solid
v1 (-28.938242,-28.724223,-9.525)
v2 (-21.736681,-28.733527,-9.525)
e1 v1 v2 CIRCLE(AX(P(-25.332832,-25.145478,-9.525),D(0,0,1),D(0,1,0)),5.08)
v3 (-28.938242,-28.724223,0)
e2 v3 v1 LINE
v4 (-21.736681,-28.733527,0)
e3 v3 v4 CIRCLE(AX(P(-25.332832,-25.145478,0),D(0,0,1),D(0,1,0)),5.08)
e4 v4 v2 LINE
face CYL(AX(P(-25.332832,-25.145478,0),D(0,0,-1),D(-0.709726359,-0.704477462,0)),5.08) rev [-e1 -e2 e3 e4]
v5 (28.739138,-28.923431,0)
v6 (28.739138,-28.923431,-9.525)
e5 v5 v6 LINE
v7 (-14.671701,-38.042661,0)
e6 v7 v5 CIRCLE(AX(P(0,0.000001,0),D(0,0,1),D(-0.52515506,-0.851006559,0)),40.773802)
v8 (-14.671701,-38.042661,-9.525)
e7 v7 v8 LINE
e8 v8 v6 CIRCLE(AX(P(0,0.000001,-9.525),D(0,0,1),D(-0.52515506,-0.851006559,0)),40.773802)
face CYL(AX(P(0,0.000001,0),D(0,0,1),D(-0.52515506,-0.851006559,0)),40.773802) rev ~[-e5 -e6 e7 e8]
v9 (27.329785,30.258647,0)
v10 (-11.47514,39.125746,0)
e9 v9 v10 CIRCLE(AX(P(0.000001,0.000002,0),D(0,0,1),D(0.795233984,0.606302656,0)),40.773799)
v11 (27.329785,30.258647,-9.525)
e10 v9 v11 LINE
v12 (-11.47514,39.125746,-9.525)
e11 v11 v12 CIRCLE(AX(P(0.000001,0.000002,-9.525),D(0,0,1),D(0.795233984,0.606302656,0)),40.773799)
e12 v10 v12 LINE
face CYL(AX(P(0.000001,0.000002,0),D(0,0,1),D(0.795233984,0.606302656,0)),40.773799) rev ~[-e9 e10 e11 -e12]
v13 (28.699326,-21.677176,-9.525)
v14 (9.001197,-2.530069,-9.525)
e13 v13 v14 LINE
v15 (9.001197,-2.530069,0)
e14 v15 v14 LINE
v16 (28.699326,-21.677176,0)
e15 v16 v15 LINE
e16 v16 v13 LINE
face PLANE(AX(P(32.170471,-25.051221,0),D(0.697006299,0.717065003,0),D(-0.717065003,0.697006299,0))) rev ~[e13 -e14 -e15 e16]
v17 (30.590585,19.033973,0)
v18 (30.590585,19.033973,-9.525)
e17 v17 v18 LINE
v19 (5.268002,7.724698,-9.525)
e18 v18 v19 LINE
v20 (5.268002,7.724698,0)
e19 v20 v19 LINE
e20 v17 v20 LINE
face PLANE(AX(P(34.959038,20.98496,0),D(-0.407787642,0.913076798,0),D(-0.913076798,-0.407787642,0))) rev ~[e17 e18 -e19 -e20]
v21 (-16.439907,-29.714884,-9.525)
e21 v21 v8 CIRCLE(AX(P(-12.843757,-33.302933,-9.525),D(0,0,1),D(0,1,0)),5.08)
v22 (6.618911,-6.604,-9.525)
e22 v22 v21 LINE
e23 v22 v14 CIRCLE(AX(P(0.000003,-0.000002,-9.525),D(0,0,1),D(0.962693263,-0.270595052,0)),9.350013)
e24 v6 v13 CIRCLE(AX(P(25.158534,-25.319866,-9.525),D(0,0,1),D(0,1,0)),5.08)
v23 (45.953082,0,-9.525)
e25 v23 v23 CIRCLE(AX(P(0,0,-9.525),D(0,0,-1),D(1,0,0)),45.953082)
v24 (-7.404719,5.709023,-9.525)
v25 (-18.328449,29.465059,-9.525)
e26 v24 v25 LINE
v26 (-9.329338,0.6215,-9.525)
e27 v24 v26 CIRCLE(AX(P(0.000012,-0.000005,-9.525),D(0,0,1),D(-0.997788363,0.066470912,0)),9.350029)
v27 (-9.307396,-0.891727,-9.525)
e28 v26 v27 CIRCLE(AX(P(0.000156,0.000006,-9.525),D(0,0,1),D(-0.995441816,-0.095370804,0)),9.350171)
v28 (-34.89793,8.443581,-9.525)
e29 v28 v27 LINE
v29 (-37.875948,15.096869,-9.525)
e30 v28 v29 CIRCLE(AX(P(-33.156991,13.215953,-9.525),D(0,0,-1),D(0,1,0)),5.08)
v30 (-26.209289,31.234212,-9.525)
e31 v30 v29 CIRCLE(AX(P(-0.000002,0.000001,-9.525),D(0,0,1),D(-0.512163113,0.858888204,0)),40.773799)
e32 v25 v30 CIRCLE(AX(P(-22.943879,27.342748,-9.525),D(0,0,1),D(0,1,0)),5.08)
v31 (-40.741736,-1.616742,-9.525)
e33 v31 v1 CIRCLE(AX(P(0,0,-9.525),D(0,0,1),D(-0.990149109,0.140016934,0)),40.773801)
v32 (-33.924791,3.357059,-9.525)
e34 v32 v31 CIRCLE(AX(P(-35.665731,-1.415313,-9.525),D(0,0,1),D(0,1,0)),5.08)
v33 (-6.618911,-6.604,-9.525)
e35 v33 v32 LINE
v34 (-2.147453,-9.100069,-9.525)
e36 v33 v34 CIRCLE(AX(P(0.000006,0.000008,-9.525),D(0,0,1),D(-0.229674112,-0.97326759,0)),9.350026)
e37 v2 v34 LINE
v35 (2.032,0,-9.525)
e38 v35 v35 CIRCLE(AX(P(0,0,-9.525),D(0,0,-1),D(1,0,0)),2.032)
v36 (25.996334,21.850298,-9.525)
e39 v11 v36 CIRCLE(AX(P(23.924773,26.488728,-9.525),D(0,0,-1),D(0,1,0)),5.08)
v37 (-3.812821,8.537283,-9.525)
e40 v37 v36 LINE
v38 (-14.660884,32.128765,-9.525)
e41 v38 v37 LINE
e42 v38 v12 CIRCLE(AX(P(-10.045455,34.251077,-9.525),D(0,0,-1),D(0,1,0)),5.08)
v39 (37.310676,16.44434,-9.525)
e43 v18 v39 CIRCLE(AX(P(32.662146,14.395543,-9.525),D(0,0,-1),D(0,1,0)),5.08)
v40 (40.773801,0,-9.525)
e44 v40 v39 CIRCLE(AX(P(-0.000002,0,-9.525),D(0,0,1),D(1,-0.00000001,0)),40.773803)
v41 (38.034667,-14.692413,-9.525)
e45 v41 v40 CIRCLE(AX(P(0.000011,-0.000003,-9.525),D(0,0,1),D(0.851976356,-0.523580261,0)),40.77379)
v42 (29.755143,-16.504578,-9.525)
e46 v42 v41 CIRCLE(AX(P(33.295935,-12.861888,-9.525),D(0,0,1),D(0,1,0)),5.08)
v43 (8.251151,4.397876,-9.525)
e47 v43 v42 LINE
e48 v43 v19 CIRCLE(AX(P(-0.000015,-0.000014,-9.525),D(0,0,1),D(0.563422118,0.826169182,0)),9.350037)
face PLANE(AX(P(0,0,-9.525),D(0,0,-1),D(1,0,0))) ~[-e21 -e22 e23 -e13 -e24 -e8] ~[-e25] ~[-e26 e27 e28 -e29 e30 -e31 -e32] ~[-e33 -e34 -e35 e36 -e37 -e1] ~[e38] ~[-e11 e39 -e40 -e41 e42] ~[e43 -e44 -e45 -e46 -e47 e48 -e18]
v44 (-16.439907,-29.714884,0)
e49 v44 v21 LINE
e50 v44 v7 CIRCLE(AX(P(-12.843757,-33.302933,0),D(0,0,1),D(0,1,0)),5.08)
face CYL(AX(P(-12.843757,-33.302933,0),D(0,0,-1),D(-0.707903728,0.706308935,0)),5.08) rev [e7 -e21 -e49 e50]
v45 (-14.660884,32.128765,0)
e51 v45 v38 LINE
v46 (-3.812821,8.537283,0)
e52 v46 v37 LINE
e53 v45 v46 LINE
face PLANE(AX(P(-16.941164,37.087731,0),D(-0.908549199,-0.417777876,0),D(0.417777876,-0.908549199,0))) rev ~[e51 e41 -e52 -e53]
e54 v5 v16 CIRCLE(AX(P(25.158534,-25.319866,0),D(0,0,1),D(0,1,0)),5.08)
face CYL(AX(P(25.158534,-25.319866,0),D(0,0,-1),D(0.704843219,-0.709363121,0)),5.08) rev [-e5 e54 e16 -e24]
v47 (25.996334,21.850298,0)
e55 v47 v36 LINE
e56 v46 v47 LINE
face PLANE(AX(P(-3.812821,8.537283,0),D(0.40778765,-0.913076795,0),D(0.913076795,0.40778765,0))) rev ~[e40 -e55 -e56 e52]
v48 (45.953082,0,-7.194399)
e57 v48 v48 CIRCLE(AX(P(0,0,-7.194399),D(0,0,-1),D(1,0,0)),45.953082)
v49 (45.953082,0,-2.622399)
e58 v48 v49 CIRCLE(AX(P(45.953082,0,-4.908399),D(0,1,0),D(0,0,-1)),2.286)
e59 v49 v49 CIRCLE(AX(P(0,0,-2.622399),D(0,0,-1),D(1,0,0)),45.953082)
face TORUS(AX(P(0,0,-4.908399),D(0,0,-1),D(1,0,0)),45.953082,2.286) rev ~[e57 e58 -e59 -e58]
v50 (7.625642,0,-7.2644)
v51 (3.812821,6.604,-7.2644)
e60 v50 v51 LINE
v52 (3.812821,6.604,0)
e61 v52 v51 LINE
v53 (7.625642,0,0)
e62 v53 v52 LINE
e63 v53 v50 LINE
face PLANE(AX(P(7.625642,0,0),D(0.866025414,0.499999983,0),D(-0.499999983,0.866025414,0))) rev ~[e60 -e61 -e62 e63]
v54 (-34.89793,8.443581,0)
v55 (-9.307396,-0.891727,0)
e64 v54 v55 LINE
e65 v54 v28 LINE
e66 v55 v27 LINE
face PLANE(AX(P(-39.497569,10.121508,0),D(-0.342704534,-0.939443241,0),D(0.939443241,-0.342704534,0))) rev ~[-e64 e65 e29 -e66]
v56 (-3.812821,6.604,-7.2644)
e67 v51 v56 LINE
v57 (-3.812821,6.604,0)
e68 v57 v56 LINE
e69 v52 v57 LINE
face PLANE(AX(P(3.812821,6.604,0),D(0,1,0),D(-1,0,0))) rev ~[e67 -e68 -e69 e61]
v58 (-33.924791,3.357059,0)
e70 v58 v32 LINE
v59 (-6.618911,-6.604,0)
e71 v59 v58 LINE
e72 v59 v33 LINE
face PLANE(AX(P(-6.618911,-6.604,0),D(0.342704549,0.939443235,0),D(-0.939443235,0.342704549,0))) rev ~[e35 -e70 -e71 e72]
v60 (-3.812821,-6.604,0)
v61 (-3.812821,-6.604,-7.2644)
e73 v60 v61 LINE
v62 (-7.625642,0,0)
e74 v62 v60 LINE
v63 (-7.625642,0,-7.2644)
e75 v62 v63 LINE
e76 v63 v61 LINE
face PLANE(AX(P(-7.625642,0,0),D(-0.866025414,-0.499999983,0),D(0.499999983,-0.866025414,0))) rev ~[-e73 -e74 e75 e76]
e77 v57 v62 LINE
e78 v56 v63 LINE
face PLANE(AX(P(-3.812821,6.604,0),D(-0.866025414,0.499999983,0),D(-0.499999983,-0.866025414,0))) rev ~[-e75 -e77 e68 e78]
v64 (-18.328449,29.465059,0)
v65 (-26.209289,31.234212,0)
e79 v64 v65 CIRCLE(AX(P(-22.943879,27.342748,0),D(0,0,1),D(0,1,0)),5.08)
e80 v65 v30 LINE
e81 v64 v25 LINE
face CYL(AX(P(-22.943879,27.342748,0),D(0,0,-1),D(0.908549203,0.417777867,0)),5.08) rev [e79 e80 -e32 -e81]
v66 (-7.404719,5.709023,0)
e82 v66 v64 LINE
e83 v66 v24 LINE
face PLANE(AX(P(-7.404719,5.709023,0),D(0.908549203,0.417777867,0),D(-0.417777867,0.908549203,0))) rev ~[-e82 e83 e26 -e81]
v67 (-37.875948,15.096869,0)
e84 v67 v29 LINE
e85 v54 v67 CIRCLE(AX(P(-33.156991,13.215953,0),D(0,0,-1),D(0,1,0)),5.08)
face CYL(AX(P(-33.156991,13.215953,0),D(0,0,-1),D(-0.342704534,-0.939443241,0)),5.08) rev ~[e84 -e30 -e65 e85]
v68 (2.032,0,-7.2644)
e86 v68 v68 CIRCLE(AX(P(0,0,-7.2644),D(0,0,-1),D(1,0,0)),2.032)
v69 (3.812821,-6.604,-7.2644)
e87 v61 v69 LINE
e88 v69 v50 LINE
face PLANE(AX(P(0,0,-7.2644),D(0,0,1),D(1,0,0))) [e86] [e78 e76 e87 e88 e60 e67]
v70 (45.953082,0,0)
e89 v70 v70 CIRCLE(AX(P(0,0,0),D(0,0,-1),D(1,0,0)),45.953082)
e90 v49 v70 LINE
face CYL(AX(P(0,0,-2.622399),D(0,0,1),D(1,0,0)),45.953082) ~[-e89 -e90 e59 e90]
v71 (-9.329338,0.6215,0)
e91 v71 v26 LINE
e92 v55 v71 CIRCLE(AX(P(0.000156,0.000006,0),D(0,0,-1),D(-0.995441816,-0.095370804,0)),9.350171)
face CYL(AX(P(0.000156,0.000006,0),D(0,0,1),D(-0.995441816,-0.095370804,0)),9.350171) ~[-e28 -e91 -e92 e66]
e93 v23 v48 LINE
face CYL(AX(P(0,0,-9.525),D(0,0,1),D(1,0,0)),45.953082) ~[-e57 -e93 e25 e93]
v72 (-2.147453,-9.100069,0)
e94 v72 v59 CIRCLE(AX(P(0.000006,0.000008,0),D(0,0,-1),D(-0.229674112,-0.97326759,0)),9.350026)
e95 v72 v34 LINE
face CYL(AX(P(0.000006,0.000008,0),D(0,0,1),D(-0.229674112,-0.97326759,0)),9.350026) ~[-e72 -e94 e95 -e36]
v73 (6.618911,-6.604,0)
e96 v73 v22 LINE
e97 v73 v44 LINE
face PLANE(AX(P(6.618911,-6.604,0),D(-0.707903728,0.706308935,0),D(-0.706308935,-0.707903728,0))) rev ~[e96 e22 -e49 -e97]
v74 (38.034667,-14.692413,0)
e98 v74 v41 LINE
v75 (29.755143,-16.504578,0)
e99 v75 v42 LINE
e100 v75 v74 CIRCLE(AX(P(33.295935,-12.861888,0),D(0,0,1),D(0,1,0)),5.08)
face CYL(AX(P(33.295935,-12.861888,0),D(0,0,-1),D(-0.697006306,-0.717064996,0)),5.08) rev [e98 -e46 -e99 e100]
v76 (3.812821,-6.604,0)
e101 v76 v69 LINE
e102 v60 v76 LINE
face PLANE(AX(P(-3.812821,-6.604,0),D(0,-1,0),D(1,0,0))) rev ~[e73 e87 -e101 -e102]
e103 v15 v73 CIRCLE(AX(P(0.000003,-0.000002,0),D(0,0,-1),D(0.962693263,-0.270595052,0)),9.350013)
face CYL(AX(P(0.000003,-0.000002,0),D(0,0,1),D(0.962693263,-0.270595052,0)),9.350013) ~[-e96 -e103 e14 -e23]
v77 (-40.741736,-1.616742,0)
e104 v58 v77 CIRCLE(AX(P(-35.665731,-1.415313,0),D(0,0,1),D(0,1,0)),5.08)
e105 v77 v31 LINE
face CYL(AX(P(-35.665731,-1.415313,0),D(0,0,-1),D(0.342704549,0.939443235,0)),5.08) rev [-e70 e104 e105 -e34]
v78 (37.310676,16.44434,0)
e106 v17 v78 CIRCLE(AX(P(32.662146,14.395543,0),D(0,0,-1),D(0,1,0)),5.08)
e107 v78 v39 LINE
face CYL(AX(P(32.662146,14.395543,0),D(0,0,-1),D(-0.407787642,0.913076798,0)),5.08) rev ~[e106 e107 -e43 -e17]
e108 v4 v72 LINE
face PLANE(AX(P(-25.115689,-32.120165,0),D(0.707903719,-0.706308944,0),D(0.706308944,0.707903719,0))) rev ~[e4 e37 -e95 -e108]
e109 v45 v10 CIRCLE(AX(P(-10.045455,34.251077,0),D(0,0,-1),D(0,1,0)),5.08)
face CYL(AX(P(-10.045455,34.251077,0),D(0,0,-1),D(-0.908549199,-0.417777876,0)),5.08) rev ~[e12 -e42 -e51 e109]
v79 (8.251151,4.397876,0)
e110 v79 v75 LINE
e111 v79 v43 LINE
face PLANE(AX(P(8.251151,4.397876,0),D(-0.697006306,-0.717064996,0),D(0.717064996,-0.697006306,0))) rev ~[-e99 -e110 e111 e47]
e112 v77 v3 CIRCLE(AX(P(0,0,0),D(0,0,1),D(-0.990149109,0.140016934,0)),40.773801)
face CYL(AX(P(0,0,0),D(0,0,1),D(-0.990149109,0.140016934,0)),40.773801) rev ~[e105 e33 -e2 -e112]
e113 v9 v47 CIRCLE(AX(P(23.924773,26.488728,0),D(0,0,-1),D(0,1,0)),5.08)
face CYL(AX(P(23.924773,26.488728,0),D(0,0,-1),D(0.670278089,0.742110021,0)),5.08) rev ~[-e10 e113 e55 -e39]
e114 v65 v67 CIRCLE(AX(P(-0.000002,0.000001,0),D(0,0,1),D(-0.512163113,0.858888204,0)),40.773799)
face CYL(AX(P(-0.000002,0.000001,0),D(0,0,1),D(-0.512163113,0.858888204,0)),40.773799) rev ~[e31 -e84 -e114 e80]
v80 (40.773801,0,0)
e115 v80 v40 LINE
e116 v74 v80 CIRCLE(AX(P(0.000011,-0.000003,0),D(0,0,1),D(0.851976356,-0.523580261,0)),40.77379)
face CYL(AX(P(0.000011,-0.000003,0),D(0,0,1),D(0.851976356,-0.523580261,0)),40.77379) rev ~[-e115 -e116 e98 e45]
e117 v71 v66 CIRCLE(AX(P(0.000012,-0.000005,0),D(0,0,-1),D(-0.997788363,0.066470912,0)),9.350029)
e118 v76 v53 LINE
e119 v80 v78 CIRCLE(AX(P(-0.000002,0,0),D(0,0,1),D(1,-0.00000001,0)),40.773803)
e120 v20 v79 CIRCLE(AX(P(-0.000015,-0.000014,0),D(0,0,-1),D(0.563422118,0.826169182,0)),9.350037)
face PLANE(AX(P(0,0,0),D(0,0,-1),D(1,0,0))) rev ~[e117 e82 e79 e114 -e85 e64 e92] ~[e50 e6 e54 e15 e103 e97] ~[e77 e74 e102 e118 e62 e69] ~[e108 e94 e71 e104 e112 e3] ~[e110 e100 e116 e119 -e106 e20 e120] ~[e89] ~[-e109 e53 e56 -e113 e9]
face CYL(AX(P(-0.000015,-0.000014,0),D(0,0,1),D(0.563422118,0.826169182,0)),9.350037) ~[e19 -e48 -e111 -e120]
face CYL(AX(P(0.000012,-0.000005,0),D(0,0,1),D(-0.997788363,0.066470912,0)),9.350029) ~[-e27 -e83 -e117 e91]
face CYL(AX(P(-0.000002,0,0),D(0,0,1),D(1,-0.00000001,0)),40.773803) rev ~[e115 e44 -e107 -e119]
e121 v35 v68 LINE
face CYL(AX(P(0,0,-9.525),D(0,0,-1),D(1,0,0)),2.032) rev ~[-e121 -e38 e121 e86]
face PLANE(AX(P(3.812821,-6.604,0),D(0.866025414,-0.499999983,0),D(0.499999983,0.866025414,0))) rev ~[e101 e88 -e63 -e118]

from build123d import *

# Parameters (mm, degrees)
F3_R     = 2.032
F4_DEPTH = 9.526
F5_DEPTH = 9.526
F6_DEPTH = 7.2644
F7_R     = 5.08


with BuildPart() as f2:
    # F1 (on Front) → F2 (revolve)
    with BuildSketch(Plane.XZ):
        with BuildLine():
            Line((45.953082, -2.622399), (45.953082, 0))
            Line((45.953082, 0), (0, 0))
            Line((0, 0), (0, -9.525))
            Line((0, -9.525), (45.953082, -9.525))
            Line((45.953082, -9.525), (45.953082, -7.194399))
            ThreePointArc((45.953082, -7.194399), (43.667082, -4.908399), (45.953082, -2.622399))
        make_face()
    revolve(axis=Axis((0, 0, -4.7625), (0, 0, -1)))

    # F3 (on face) → F4 (cut, through all)
    with BuildSketch(Plane(origin=(0, 0, -9.525), x_dir=(1, 0, 0), z_dir=(0, 0, -1))):
        Circle(F3_R)
    extrude(amount=-F4_DEPTH, mode=Mode.SUBTRACT)

    # F0 (on Top) → F5 (cut, through all)
    with BuildSketch(Plane.XY):
        with BuildLine():
            Line((-3.812821, 8.537283), (32.424712, 24.721265))
            ThreePointArc((32.424712, 24.721265), (9.907948, 39.551681), (-16.941164, 37.087731))
            Line((-16.941164, 37.087731), (-3.812821, 8.537283))
        make_face()
        with BuildLine():
            Line((-7.404719, 5.709023), (-20.882838, 35.020136))
            ThreePointArc((-20.882838, 35.020136), (-32.656298, 24.414526), (-39.497569, 10.121508))
            Line((-39.497569, 10.121508), (-9.307396, -0.891727))
            ThreePointArc((-9.307396, -0.891727), (-9.349033, -0.135558), (-9.329338, 0.6215))
            ThreePointArc((-9.329338, 0.6215), (-8.745163, 3.308311), (-7.404719, 5.709023))
        make_face()
        with BuildLine():
            ThreePointArc((-40.372143, 5.709023), (-37.814361, -15.250474), (-25.115689, -32.120165))
            Line((-25.115689, -32.120165), (-2.147453, -9.100069))
            ThreePointArc((-2.147453, -9.100069), (-4.557398, -8.164124), (-6.618911, -6.604))
            Line((-6.618911, -6.604), (-40.372143, 5.709023))
        make_face()
        with BuildLine():
            ThreePointArc((-21.412568, -34.698772), (7.22509, -40.128555), (32.170471, -25.051221))
            Line((32.170471, -25.051221), (9.001197, -2.530069))
            ThreePointArc((9.001197, -2.530069), (8.071318, -4.719812), (6.618911, -6.604))
            Line((6.618911, -6.604), (-21.412568, -34.698772))
        make_face()
        with BuildLine():
            ThreePointArc((34.738316, -21.348355), (39.235928, -11.092558), (40.773801, 0))
            ThreePointArc((40.773801, 0), (39.293229, 10.887838), (34.959038, 20.98496))
            Line((34.959038, 20.98496), (5.268002, 7.724698))
            ThreePointArc((5.268002, 7.724698), (6.961236, 6.242114), (8.251151, 4.397876))
            Line((8.251151, 4.397876), (34.738316, -21.348355))
        make_face()
    extrude(amount=-F5_DEPTH, mode=Mode.SUBTRACT)

    # F0 (on Top) → F6 (cut)
    with BuildSketch(Plane.XY):
        Polygon((-3.812821, 6.604), (-7.625642, 0), (-3.812821, -6.604), (3.812821, -6.604), (7.625642, 0), (3.812821, 6.604), align=None)
    extrude(amount=-F6_DEPTH, mode=Mode.SUBTRACT)

    # F7
    f7_edges = [f2.edges().sort_by_distance(p)[0] for p in [
        (34.959038, 20.98496, -4.7625),
        (32.424712, 24.721265, -4.7625),
        (-16.941164, 37.087731, -4.7625),
        (-20.882838, 35.020136, -4.7625),
        (-39.497569, 10.121508, -4.7625),
        (-40.372143, 5.709023, -4.7625),
        (-21.412568, -34.698772, -4.7625),
        (-25.115689, -32.120165, -4.7625),
        (32.170471, -25.051221, -4.7625),
        (34.738316, -21.348355, -4.7625),
    ]]
    fillet(f7_edges, radius=F7_R)


solid = f2.part
